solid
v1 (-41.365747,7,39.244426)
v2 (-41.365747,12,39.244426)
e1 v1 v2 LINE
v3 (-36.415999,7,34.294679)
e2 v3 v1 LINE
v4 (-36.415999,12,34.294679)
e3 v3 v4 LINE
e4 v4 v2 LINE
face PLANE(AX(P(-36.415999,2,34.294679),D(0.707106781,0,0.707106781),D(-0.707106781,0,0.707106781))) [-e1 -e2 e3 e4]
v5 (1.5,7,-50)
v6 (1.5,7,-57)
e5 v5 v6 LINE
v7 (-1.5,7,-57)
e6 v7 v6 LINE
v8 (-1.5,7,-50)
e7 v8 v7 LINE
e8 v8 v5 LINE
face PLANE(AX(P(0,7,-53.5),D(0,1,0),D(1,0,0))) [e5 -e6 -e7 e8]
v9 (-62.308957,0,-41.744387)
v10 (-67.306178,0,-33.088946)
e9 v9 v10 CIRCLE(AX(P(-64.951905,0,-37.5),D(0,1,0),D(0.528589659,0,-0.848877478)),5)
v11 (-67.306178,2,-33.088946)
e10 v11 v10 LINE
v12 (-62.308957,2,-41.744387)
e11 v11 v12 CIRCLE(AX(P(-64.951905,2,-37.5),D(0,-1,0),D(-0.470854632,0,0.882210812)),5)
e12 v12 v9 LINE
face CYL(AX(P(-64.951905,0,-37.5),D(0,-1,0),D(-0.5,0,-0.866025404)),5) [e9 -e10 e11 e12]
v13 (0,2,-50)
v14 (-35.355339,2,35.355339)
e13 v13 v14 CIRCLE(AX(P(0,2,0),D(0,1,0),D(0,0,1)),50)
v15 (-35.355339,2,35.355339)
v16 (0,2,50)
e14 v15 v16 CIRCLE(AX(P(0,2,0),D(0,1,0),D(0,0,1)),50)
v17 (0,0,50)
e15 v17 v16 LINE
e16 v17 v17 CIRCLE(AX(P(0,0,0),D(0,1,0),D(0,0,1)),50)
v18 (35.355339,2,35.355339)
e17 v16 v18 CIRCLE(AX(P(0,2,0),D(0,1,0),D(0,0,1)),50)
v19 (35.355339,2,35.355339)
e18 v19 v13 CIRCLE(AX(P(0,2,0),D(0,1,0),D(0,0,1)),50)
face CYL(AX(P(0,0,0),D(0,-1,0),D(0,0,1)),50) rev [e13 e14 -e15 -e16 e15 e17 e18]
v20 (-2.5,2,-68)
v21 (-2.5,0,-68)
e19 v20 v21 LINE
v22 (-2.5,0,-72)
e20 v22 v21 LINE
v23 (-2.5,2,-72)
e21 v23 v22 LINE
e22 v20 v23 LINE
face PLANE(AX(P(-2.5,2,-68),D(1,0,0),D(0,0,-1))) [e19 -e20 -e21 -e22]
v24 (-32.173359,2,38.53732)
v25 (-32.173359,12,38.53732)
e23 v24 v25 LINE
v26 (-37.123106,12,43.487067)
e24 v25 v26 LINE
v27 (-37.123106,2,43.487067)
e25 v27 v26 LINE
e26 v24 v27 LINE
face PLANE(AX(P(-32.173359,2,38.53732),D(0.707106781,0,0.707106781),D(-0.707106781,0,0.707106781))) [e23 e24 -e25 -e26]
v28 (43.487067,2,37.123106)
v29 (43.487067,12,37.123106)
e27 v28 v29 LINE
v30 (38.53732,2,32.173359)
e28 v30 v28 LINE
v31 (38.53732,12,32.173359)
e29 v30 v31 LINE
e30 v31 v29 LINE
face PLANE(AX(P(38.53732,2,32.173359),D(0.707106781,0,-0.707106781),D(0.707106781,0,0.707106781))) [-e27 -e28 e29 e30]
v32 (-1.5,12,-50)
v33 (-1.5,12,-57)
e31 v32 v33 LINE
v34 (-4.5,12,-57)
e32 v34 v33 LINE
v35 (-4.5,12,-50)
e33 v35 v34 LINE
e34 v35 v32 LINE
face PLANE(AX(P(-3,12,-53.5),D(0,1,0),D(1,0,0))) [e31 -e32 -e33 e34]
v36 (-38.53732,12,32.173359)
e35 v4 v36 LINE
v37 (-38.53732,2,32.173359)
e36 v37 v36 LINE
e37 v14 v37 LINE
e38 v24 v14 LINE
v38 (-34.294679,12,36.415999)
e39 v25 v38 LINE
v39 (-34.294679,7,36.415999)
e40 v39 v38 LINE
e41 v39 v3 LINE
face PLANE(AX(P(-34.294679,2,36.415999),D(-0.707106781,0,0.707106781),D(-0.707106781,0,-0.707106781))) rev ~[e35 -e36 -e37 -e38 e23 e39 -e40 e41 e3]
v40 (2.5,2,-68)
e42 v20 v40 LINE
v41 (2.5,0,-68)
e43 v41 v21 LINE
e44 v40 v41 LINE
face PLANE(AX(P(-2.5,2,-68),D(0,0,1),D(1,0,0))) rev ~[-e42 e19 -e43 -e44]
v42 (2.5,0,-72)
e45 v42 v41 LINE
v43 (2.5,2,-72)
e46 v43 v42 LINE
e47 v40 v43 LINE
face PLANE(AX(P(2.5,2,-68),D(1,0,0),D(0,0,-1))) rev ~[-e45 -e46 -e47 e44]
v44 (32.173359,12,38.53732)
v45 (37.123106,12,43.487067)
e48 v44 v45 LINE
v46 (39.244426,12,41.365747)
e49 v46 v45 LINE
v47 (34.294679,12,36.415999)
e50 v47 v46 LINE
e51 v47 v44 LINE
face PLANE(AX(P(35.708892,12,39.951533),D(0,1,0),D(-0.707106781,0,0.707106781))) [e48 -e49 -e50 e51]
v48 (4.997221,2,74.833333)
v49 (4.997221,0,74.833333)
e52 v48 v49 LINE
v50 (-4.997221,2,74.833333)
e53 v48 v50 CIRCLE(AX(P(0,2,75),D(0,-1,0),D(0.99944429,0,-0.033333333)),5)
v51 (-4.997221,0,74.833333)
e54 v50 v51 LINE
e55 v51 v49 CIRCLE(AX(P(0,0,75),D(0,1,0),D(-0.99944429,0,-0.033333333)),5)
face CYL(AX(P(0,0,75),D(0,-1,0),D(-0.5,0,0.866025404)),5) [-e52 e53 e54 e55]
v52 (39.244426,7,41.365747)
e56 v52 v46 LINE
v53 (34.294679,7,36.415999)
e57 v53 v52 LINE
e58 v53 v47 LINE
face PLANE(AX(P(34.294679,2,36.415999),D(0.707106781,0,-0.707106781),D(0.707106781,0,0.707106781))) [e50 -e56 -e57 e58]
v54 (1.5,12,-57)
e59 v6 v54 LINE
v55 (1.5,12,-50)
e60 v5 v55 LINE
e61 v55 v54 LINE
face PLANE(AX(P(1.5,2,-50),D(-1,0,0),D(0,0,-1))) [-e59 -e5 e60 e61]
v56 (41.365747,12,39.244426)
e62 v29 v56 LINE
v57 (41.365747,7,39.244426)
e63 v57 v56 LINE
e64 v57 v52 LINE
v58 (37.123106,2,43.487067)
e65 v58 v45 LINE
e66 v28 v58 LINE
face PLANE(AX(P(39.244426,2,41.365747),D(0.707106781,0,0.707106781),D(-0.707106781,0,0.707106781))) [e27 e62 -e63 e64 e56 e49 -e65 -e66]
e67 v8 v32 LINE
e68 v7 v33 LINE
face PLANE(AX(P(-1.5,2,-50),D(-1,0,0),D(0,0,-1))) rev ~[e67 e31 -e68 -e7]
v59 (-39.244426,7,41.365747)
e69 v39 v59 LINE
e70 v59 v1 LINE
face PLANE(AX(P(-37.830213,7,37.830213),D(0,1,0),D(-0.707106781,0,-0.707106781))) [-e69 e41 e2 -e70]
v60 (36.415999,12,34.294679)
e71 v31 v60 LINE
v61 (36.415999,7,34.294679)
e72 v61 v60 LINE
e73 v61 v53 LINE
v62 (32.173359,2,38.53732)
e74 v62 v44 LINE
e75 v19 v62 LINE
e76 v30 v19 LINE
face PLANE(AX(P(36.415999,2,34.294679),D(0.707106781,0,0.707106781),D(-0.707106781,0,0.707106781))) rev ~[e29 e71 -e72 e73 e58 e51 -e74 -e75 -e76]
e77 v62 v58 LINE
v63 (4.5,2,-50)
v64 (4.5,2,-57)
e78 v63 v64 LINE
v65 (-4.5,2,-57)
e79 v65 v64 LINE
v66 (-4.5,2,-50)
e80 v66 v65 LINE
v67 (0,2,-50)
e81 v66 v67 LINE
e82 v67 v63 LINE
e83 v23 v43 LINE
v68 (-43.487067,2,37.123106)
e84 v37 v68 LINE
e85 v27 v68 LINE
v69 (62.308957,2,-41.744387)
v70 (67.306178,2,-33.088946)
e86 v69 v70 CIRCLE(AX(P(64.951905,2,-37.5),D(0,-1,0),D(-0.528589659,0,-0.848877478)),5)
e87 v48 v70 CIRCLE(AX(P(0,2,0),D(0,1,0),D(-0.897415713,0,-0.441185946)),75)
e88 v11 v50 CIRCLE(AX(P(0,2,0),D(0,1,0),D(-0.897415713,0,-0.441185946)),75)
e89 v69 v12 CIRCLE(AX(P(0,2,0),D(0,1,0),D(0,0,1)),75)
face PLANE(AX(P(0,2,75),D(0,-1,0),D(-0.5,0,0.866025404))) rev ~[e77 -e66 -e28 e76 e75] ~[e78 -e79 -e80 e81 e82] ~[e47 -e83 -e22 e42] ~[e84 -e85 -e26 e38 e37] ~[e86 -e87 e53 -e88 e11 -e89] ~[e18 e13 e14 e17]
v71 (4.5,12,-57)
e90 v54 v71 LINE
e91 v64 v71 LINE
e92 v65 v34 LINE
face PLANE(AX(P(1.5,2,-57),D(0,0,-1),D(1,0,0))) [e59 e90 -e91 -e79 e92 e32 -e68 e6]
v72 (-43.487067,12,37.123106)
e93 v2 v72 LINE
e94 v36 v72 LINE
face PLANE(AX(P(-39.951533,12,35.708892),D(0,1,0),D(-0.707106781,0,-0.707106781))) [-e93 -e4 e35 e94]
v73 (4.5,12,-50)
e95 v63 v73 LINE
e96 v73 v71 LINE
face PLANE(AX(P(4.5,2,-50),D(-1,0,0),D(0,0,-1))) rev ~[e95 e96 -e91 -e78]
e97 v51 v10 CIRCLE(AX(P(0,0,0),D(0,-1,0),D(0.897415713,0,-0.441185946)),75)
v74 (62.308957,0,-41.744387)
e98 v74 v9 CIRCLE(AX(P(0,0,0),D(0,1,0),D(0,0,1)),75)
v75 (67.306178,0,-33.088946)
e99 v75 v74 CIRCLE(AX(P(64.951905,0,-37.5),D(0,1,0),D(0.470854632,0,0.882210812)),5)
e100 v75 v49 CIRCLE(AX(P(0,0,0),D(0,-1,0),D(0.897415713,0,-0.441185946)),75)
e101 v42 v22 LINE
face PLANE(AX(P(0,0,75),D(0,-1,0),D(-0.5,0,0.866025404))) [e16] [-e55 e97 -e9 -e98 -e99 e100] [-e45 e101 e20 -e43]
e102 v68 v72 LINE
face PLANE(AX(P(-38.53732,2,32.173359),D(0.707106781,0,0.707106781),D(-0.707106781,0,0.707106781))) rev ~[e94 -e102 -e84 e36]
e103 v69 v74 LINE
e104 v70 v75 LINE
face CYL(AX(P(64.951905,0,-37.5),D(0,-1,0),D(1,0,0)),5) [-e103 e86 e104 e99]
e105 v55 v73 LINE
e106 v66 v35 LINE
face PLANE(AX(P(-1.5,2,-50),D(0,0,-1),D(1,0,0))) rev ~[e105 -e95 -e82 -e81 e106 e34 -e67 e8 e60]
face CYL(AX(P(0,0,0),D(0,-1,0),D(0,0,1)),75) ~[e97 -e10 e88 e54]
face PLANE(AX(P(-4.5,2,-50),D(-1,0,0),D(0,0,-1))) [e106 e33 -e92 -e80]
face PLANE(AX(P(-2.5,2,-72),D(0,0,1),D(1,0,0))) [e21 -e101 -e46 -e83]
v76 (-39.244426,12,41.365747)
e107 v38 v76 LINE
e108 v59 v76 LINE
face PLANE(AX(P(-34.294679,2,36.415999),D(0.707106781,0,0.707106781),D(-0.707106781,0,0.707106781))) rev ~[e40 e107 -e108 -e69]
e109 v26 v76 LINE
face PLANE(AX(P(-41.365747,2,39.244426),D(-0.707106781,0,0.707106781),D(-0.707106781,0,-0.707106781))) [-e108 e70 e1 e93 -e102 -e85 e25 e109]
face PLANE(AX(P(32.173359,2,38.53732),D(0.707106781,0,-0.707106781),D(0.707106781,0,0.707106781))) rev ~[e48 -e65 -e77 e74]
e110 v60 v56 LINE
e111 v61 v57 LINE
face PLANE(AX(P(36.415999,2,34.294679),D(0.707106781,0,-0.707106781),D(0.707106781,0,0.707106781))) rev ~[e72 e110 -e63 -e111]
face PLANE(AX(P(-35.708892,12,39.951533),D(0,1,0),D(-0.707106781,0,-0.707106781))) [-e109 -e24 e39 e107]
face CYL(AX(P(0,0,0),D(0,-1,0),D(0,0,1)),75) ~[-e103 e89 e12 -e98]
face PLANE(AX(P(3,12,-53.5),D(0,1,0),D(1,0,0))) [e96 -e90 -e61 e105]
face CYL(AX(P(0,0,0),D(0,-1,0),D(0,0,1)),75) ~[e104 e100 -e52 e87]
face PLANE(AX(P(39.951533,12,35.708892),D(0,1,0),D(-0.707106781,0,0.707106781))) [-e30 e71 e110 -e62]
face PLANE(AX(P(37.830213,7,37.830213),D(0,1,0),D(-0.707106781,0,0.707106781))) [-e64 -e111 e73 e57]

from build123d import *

# Parameters (mm, degrees)
SKETCH1_R           = 75
SKETCH1_R_2         = 50
BOSS_EXTRUDE1_DEPTH = 2
CUT_EXTRUDE1_REACH  = 108.085
SKETCH2_W           = 5
SKETCH2_H           = 4
SKETCH4_W           = 3
SKETCH4_H           = 7
BOSS_EXTRUDE2_DEPTH = 10
SKETCH5_W           = 3
SKETCH5_H           = 7
BOSS_EXTRUDE3_DEPTH = 5
CIRPATTERN1_COUNT   = 2
CIRPATTERN1_ANGLE   = 135
CIRPATTERN2_COUNT   = 2
CIRPATTERN2_ANGLE   = 135
SKETCH6_R           = 5
BOSS_EXTRUDE4_DEPTH = 2
CIRPATTERN3_COUNT   = 3


with BuildPart() as part:
    # Sketch1 → Boss-Extrude1 (new body)
    with BuildSketch(Plane(origin=(0, 0, 0), x_dir=(1, 0, 0), z_dir=(0, 1, 0))):
        with Locations(Location((0, 0, 0), (0, 0, 270))):
            Circle(SKETCH1_R)
        with Locations(Location((0, 0, 0), (0, 0, 270))):
            Circle(SKETCH1_R_2, mode=Mode.SUBTRACT)
    extrude(amount=BOSS_EXTRUDE1_DEPTH)

    # Sketch2 → Cut-Extrude1 (cut, up to next)
    with BuildSketch(Plane(origin=(0, 2, 0), x_dir=(1, 0, 0), z_dir=(0, 1, 0)), mode=Mode.PRIVATE) as cut_extrude1_sk1:
        with Locations((0, 70)):
            Rectangle(SKETCH2_W, SKETCH2_H)
    cut_extrude1_tool1 = extrude(cut_extrude1_sk1.sketch, amount=-CUT_EXTRUDE1_REACH, mode=Mode.PRIVATE) & part.part
    add(cut_extrude1_tool1.solids().sort_by_distance((0, 2, -70))[0], mode=Mode.SUBTRACT)

    # Sketch4 → Boss-Extrude2 (add)
    with BuildSketch(Plane(origin=(0, 2, 0), x_dir=(1, 0, 0), z_dir=(0, 1, 0))):
        with Locations((3, 53.5)):
            Rectangle(SKETCH4_W, SKETCH4_H)
        with Locations((-3, 53.5)):
            Rectangle(SKETCH4_W, SKETCH4_H)
    boss_extrude2 = extrude(amount=BOSS_EXTRUDE2_DEPTH)

    # Sketch5 → Boss-Extrude3 (add)
    with BuildSketch(Plane(origin=(0, 2, 0), x_dir=(1, 0, 0), z_dir=(0, 1, 0))):
        with Locations((0, 53.5)):
            Rectangle(SKETCH5_W, SKETCH5_H)
    boss_extrude3 = extrude(amount=BOSS_EXTRUDE3_DEPTH)

    # CirPattern1: Boss-Extrude2, Boss-Extrude3 ×2 about axis
    cirpattern1_axis = Axis((0, 2, 0), (0, 1, 0))
    add([boss_extrude2.rotate(cirpattern1_axis, i * CIRPATTERN1_ANGLE / (CIRPATTERN1_COUNT - 1)) for i in range(1, CIRPATTERN1_COUNT)])
    add([boss_extrude3.rotate(cirpattern1_axis, i * CIRPATTERN1_ANGLE / (CIRPATTERN1_COUNT - 1)) for i in range(1, CIRPATTERN1_COUNT)])

    # CirPattern2: Boss-Extrude2, Boss-Extrude3 ×2 about axis
    cirpattern2_axis = Axis((0, 0, 0), (0, -1, 0))
    add([boss_extrude2.rotate(cirpattern2_axis, i * CIRPATTERN2_ANGLE / (CIRPATTERN2_COUNT - 1)) for i in range(1, CIRPATTERN2_COUNT)])
    add([boss_extrude3.rotate(cirpattern2_axis, i * CIRPATTERN2_ANGLE / (CIRPATTERN2_COUNT - 1)) for i in range(1, CIRPATTERN2_COUNT)])

    # Sketch6 → Boss-Extrude4 (add)
    with BuildSketch(Plane.XZ):
        with Locations((64.951905284, -37.5)):
            Circle(SKETCH6_R)
    boss_extrude4 = extrude(amount=-BOSS_EXTRUDE4_DEPTH)

    # CirPattern3: Boss-Extrude4 ×3 about axis
    cirpattern3_axis = Axis((0, 0, 0), (0, 1, 0))
    for i in range(1, CIRPATTERN3_COUNT):
        add(boss_extrude4.rotate(cirpattern3_axis, i * 360 / CIRPATTERN3_COUNT))


solid = part.part
